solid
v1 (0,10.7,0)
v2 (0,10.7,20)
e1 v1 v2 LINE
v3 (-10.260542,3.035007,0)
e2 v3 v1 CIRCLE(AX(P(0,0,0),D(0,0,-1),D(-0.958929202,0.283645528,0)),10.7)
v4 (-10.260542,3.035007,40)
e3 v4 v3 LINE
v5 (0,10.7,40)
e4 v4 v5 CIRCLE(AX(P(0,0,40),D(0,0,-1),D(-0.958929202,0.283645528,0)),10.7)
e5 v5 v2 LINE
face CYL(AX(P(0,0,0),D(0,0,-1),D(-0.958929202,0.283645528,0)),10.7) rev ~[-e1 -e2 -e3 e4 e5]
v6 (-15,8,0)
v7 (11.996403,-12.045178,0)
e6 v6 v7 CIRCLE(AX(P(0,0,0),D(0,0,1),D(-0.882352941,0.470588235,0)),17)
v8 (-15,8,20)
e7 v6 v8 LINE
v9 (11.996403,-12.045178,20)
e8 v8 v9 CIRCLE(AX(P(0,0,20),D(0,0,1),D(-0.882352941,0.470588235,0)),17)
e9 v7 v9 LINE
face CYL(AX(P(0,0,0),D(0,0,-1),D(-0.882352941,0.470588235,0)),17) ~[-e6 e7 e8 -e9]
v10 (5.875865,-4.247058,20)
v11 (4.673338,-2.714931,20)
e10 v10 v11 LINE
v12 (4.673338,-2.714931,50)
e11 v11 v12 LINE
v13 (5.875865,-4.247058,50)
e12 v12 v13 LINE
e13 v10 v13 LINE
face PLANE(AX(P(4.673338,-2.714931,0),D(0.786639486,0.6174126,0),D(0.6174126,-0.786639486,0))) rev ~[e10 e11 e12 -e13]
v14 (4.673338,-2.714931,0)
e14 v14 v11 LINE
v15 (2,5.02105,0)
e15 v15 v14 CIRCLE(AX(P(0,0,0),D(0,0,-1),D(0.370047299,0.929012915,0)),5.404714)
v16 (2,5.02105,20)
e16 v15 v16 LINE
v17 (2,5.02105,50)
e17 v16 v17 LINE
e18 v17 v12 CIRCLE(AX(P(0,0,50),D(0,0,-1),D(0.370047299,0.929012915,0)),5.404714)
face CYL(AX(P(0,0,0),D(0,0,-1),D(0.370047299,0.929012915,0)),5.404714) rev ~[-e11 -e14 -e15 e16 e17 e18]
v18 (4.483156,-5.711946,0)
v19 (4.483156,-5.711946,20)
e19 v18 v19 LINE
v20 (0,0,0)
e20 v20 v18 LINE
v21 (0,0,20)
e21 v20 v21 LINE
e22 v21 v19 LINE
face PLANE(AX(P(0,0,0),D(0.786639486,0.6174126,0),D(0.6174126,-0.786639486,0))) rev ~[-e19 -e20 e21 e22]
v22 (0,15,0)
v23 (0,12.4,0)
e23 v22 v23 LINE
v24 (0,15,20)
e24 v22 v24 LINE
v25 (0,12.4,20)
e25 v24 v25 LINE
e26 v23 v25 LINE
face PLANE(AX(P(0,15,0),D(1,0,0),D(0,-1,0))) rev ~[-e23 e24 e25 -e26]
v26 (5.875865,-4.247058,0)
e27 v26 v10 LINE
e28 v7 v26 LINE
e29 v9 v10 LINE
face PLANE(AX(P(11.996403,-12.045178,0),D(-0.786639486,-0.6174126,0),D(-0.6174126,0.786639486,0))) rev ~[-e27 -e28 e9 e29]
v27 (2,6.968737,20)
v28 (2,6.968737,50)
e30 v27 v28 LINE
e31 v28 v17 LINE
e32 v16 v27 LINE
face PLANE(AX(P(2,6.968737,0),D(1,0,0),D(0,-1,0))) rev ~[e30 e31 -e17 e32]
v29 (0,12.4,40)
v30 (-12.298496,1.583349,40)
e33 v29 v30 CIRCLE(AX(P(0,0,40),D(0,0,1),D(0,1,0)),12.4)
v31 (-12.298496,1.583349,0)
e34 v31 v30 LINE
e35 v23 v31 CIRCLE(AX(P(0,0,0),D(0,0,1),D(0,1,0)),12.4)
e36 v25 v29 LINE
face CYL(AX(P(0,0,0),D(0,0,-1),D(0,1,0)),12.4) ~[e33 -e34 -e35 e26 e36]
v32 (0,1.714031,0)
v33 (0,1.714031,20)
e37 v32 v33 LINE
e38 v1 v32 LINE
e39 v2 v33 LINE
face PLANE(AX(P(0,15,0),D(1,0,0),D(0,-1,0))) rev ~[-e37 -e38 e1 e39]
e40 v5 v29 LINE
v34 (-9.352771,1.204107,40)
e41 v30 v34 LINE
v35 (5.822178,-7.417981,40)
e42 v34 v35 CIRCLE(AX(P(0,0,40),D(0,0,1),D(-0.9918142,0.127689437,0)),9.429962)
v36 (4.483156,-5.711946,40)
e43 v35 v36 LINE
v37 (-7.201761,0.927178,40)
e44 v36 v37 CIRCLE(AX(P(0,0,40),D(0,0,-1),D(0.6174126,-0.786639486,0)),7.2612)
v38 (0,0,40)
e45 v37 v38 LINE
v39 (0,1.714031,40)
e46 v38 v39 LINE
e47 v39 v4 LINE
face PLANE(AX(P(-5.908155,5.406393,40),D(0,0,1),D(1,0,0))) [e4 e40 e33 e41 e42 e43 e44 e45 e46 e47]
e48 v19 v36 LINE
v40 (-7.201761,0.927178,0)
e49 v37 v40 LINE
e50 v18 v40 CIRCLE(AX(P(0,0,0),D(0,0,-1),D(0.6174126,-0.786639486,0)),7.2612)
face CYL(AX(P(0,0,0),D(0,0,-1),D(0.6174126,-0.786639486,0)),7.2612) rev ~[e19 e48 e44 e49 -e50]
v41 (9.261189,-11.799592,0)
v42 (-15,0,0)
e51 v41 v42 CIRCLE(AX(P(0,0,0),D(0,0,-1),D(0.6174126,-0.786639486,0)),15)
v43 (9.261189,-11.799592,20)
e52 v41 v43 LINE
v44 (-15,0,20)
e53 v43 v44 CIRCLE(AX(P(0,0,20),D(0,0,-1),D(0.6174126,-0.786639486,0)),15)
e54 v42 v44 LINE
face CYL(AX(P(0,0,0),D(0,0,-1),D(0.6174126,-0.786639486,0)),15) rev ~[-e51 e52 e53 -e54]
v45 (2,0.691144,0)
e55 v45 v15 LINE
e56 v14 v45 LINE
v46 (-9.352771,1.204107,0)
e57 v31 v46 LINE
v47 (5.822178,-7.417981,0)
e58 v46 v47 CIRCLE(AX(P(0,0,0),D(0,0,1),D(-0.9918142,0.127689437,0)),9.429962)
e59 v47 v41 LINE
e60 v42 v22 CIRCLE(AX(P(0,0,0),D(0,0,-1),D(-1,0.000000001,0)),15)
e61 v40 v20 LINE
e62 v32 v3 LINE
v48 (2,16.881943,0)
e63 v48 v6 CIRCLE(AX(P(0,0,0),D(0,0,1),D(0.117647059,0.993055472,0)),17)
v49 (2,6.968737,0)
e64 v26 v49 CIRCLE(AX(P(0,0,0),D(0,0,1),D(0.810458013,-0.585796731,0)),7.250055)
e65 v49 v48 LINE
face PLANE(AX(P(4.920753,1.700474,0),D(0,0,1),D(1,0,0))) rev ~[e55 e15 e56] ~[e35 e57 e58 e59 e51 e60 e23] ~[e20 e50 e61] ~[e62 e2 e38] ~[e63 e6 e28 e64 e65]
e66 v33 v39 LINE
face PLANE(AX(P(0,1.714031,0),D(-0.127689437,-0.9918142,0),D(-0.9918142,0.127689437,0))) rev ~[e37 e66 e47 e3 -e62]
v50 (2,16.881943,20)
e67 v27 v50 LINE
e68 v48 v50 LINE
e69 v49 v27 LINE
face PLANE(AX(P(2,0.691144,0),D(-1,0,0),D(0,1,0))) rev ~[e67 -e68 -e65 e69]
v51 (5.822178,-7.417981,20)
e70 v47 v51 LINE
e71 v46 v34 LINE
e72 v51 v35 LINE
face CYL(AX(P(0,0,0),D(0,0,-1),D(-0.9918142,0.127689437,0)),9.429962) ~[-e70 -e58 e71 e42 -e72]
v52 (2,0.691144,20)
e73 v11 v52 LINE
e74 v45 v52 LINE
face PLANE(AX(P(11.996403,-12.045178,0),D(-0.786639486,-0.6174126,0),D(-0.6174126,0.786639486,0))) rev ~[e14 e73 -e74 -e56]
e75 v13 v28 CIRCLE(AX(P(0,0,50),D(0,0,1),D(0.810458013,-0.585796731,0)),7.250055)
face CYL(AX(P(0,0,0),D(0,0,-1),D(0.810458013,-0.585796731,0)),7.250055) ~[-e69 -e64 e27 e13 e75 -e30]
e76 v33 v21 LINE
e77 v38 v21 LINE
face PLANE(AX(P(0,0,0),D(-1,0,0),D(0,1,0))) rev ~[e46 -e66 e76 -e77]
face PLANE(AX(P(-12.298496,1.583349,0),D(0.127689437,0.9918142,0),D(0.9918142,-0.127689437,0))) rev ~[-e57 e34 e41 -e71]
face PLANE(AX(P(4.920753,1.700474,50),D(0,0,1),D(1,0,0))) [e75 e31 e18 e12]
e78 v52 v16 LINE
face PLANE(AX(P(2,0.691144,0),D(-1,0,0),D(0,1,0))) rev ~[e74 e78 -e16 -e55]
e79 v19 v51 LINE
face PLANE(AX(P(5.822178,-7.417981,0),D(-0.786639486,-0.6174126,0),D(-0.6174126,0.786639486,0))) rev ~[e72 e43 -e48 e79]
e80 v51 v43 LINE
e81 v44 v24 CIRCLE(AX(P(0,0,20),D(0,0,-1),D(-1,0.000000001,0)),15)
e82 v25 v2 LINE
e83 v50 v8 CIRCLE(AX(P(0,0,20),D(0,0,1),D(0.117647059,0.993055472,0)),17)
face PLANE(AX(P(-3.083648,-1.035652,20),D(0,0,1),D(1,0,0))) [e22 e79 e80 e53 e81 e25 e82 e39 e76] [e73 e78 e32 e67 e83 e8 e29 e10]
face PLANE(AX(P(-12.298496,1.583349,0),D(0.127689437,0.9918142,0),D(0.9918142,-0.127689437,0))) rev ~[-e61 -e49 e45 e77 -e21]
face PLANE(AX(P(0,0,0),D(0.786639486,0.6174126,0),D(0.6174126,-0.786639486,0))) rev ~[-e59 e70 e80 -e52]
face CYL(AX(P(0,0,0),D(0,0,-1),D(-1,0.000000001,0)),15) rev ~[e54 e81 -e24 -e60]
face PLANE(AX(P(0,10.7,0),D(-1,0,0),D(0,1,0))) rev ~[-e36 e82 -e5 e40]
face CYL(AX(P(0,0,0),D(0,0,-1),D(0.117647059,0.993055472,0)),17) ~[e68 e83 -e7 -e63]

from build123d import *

# Parameters (mm, degrees)
F1_DEPTH = 20
F3_DEPTH = 25
F5_DEPTH = 50
F7_DEPTH = 40


with BuildPart() as f1:
    # F0 (on Top) → F1 (new body)
    with BuildSketch(Plane.XY):
        with BuildLine():
            ThreePointArc((2, 16.8819430161), (-7.8722441486, 15.0674407935), (-15, 8))
            Line((-15, 8), (-15, 1.73e-08))
            Line((-15, 1.73e-08), (-15, -8))
            ThreePointArc((-15, -8), (-2.5191792462, -16.8123090599), (11.9964033105, -12.0451777742))
            Line((11.9964033105, -12.0451777742), (2, 0.6911440225))
            Line((2, 0.6911440225), (2, 16.8819430161))
        make_face()
        with BuildLine():
            ThreePointArc((9.2611890072, -11.7995922884), (-6.5605702914, -13.4892148568), (-15, 1.73e-08))
            ThreePointArc((-15, 1.73e-08), (-10.6066017117, 10.6066017239), (0, 15))
            Line((0, 15), (0, 0))
            Line((0, 0), (9.2611890072, -11.7995922884))
        make_face(mode=Mode.SUBTRACT)
        with BuildLine():
            Line((-15, 1.73e-08), (-15, 8))
            ThreePointArc((-15, 8), (-17, 0), (-15, -8))
            Line((-15, -8), (-15, 1.73e-08))
        make_face()
    extrude(amount=F1_DEPTH)

    # F2 (on Top) → F3 (join)
    with BuildSketch(Plane.XY):
        with BuildLine():
            Line((-12.2984962158, 1.5833490395), (0, 0))
            Line((0, 0), (0, 1.7140309842))
            Line((0, 1.7140309842), (-10.2605423337, 3.0350071071))
            ThreePointArc((-10.2605423337, 3.0350071071), (-6.4037263169, 8.5721809582), (0, 10.6999998655))
            Line((0, 10.6999998655), (0, 12.4000001351))
            ThreePointArc((0, 12.4000001351), (-8.1892147074, 9.3111098064), (-12.2984962158, 1.5833490395))
        make_face()
    extrude(amount=F3_DEPTH)

    # F4 (on Top) → F5 (join)
    with BuildSketch(Plane.XY):
        with BuildLine():
            Line((4.6733382454, -2.7149306533), (5.8758648402, -4.2470582801))
            ThreePointArc((5.8758648402, -4.2470582801), (6.8524321368, 2.3680087553), (2, 6.968736733))
            Line((2, 6.968736733), (2, 5.0210495724))
            ThreePointArc((2, 5.0210495724), (5.1082979893, 1.7652848101), (4.6733382454, -2.7149306533))
        make_face()
    extrude(amount=F5_DEPTH)

    # F2 (on Top) + F6 (on Top) → F7 (join)
    with BuildSketch(Plane.XY):
        with BuildLine():
            Line((-12.2984962158, 1.5833490395), (0, 0))
            Line((0, 0), (0, 1.7140309842))
            Line((0, 1.7140309842), (-10.2605423337, 3.0350071071))
            ThreePointArc((-10.2605423337, 3.0350071071), (-6.4037263169, 8.5721809582), (0, 10.6999998655))
            Line((0, 10.6999998655), (0, 12.4000001351))
            ThreePointArc((0, 12.4000001351), (-8.1892147074, 9.3111098064), (-12.2984962158, 1.5833490395))
        make_face()
    with BuildSketch(Plane.XY):
        with BuildLine():
            ThreePointArc((-9.3527705449, 1.2041065834), (-4.6584728249, -8.1989524008), (5.8221775641, -7.4179807186))
            Line((5.8221775641, -7.4179807186), (4.4831560663, -5.7119462422))
            ThreePointArc((4.4831560663, -5.7119462422), (-3.5870875587, -6.3133050802), (-7.2017607749, 0.9271784782))
            Line((-7.2017607749, 0.9271784782), (-9.3527705449, 1.2041065834))
        make_face()
    extrude(amount=F7_DEPTH)


solid = f1.part
